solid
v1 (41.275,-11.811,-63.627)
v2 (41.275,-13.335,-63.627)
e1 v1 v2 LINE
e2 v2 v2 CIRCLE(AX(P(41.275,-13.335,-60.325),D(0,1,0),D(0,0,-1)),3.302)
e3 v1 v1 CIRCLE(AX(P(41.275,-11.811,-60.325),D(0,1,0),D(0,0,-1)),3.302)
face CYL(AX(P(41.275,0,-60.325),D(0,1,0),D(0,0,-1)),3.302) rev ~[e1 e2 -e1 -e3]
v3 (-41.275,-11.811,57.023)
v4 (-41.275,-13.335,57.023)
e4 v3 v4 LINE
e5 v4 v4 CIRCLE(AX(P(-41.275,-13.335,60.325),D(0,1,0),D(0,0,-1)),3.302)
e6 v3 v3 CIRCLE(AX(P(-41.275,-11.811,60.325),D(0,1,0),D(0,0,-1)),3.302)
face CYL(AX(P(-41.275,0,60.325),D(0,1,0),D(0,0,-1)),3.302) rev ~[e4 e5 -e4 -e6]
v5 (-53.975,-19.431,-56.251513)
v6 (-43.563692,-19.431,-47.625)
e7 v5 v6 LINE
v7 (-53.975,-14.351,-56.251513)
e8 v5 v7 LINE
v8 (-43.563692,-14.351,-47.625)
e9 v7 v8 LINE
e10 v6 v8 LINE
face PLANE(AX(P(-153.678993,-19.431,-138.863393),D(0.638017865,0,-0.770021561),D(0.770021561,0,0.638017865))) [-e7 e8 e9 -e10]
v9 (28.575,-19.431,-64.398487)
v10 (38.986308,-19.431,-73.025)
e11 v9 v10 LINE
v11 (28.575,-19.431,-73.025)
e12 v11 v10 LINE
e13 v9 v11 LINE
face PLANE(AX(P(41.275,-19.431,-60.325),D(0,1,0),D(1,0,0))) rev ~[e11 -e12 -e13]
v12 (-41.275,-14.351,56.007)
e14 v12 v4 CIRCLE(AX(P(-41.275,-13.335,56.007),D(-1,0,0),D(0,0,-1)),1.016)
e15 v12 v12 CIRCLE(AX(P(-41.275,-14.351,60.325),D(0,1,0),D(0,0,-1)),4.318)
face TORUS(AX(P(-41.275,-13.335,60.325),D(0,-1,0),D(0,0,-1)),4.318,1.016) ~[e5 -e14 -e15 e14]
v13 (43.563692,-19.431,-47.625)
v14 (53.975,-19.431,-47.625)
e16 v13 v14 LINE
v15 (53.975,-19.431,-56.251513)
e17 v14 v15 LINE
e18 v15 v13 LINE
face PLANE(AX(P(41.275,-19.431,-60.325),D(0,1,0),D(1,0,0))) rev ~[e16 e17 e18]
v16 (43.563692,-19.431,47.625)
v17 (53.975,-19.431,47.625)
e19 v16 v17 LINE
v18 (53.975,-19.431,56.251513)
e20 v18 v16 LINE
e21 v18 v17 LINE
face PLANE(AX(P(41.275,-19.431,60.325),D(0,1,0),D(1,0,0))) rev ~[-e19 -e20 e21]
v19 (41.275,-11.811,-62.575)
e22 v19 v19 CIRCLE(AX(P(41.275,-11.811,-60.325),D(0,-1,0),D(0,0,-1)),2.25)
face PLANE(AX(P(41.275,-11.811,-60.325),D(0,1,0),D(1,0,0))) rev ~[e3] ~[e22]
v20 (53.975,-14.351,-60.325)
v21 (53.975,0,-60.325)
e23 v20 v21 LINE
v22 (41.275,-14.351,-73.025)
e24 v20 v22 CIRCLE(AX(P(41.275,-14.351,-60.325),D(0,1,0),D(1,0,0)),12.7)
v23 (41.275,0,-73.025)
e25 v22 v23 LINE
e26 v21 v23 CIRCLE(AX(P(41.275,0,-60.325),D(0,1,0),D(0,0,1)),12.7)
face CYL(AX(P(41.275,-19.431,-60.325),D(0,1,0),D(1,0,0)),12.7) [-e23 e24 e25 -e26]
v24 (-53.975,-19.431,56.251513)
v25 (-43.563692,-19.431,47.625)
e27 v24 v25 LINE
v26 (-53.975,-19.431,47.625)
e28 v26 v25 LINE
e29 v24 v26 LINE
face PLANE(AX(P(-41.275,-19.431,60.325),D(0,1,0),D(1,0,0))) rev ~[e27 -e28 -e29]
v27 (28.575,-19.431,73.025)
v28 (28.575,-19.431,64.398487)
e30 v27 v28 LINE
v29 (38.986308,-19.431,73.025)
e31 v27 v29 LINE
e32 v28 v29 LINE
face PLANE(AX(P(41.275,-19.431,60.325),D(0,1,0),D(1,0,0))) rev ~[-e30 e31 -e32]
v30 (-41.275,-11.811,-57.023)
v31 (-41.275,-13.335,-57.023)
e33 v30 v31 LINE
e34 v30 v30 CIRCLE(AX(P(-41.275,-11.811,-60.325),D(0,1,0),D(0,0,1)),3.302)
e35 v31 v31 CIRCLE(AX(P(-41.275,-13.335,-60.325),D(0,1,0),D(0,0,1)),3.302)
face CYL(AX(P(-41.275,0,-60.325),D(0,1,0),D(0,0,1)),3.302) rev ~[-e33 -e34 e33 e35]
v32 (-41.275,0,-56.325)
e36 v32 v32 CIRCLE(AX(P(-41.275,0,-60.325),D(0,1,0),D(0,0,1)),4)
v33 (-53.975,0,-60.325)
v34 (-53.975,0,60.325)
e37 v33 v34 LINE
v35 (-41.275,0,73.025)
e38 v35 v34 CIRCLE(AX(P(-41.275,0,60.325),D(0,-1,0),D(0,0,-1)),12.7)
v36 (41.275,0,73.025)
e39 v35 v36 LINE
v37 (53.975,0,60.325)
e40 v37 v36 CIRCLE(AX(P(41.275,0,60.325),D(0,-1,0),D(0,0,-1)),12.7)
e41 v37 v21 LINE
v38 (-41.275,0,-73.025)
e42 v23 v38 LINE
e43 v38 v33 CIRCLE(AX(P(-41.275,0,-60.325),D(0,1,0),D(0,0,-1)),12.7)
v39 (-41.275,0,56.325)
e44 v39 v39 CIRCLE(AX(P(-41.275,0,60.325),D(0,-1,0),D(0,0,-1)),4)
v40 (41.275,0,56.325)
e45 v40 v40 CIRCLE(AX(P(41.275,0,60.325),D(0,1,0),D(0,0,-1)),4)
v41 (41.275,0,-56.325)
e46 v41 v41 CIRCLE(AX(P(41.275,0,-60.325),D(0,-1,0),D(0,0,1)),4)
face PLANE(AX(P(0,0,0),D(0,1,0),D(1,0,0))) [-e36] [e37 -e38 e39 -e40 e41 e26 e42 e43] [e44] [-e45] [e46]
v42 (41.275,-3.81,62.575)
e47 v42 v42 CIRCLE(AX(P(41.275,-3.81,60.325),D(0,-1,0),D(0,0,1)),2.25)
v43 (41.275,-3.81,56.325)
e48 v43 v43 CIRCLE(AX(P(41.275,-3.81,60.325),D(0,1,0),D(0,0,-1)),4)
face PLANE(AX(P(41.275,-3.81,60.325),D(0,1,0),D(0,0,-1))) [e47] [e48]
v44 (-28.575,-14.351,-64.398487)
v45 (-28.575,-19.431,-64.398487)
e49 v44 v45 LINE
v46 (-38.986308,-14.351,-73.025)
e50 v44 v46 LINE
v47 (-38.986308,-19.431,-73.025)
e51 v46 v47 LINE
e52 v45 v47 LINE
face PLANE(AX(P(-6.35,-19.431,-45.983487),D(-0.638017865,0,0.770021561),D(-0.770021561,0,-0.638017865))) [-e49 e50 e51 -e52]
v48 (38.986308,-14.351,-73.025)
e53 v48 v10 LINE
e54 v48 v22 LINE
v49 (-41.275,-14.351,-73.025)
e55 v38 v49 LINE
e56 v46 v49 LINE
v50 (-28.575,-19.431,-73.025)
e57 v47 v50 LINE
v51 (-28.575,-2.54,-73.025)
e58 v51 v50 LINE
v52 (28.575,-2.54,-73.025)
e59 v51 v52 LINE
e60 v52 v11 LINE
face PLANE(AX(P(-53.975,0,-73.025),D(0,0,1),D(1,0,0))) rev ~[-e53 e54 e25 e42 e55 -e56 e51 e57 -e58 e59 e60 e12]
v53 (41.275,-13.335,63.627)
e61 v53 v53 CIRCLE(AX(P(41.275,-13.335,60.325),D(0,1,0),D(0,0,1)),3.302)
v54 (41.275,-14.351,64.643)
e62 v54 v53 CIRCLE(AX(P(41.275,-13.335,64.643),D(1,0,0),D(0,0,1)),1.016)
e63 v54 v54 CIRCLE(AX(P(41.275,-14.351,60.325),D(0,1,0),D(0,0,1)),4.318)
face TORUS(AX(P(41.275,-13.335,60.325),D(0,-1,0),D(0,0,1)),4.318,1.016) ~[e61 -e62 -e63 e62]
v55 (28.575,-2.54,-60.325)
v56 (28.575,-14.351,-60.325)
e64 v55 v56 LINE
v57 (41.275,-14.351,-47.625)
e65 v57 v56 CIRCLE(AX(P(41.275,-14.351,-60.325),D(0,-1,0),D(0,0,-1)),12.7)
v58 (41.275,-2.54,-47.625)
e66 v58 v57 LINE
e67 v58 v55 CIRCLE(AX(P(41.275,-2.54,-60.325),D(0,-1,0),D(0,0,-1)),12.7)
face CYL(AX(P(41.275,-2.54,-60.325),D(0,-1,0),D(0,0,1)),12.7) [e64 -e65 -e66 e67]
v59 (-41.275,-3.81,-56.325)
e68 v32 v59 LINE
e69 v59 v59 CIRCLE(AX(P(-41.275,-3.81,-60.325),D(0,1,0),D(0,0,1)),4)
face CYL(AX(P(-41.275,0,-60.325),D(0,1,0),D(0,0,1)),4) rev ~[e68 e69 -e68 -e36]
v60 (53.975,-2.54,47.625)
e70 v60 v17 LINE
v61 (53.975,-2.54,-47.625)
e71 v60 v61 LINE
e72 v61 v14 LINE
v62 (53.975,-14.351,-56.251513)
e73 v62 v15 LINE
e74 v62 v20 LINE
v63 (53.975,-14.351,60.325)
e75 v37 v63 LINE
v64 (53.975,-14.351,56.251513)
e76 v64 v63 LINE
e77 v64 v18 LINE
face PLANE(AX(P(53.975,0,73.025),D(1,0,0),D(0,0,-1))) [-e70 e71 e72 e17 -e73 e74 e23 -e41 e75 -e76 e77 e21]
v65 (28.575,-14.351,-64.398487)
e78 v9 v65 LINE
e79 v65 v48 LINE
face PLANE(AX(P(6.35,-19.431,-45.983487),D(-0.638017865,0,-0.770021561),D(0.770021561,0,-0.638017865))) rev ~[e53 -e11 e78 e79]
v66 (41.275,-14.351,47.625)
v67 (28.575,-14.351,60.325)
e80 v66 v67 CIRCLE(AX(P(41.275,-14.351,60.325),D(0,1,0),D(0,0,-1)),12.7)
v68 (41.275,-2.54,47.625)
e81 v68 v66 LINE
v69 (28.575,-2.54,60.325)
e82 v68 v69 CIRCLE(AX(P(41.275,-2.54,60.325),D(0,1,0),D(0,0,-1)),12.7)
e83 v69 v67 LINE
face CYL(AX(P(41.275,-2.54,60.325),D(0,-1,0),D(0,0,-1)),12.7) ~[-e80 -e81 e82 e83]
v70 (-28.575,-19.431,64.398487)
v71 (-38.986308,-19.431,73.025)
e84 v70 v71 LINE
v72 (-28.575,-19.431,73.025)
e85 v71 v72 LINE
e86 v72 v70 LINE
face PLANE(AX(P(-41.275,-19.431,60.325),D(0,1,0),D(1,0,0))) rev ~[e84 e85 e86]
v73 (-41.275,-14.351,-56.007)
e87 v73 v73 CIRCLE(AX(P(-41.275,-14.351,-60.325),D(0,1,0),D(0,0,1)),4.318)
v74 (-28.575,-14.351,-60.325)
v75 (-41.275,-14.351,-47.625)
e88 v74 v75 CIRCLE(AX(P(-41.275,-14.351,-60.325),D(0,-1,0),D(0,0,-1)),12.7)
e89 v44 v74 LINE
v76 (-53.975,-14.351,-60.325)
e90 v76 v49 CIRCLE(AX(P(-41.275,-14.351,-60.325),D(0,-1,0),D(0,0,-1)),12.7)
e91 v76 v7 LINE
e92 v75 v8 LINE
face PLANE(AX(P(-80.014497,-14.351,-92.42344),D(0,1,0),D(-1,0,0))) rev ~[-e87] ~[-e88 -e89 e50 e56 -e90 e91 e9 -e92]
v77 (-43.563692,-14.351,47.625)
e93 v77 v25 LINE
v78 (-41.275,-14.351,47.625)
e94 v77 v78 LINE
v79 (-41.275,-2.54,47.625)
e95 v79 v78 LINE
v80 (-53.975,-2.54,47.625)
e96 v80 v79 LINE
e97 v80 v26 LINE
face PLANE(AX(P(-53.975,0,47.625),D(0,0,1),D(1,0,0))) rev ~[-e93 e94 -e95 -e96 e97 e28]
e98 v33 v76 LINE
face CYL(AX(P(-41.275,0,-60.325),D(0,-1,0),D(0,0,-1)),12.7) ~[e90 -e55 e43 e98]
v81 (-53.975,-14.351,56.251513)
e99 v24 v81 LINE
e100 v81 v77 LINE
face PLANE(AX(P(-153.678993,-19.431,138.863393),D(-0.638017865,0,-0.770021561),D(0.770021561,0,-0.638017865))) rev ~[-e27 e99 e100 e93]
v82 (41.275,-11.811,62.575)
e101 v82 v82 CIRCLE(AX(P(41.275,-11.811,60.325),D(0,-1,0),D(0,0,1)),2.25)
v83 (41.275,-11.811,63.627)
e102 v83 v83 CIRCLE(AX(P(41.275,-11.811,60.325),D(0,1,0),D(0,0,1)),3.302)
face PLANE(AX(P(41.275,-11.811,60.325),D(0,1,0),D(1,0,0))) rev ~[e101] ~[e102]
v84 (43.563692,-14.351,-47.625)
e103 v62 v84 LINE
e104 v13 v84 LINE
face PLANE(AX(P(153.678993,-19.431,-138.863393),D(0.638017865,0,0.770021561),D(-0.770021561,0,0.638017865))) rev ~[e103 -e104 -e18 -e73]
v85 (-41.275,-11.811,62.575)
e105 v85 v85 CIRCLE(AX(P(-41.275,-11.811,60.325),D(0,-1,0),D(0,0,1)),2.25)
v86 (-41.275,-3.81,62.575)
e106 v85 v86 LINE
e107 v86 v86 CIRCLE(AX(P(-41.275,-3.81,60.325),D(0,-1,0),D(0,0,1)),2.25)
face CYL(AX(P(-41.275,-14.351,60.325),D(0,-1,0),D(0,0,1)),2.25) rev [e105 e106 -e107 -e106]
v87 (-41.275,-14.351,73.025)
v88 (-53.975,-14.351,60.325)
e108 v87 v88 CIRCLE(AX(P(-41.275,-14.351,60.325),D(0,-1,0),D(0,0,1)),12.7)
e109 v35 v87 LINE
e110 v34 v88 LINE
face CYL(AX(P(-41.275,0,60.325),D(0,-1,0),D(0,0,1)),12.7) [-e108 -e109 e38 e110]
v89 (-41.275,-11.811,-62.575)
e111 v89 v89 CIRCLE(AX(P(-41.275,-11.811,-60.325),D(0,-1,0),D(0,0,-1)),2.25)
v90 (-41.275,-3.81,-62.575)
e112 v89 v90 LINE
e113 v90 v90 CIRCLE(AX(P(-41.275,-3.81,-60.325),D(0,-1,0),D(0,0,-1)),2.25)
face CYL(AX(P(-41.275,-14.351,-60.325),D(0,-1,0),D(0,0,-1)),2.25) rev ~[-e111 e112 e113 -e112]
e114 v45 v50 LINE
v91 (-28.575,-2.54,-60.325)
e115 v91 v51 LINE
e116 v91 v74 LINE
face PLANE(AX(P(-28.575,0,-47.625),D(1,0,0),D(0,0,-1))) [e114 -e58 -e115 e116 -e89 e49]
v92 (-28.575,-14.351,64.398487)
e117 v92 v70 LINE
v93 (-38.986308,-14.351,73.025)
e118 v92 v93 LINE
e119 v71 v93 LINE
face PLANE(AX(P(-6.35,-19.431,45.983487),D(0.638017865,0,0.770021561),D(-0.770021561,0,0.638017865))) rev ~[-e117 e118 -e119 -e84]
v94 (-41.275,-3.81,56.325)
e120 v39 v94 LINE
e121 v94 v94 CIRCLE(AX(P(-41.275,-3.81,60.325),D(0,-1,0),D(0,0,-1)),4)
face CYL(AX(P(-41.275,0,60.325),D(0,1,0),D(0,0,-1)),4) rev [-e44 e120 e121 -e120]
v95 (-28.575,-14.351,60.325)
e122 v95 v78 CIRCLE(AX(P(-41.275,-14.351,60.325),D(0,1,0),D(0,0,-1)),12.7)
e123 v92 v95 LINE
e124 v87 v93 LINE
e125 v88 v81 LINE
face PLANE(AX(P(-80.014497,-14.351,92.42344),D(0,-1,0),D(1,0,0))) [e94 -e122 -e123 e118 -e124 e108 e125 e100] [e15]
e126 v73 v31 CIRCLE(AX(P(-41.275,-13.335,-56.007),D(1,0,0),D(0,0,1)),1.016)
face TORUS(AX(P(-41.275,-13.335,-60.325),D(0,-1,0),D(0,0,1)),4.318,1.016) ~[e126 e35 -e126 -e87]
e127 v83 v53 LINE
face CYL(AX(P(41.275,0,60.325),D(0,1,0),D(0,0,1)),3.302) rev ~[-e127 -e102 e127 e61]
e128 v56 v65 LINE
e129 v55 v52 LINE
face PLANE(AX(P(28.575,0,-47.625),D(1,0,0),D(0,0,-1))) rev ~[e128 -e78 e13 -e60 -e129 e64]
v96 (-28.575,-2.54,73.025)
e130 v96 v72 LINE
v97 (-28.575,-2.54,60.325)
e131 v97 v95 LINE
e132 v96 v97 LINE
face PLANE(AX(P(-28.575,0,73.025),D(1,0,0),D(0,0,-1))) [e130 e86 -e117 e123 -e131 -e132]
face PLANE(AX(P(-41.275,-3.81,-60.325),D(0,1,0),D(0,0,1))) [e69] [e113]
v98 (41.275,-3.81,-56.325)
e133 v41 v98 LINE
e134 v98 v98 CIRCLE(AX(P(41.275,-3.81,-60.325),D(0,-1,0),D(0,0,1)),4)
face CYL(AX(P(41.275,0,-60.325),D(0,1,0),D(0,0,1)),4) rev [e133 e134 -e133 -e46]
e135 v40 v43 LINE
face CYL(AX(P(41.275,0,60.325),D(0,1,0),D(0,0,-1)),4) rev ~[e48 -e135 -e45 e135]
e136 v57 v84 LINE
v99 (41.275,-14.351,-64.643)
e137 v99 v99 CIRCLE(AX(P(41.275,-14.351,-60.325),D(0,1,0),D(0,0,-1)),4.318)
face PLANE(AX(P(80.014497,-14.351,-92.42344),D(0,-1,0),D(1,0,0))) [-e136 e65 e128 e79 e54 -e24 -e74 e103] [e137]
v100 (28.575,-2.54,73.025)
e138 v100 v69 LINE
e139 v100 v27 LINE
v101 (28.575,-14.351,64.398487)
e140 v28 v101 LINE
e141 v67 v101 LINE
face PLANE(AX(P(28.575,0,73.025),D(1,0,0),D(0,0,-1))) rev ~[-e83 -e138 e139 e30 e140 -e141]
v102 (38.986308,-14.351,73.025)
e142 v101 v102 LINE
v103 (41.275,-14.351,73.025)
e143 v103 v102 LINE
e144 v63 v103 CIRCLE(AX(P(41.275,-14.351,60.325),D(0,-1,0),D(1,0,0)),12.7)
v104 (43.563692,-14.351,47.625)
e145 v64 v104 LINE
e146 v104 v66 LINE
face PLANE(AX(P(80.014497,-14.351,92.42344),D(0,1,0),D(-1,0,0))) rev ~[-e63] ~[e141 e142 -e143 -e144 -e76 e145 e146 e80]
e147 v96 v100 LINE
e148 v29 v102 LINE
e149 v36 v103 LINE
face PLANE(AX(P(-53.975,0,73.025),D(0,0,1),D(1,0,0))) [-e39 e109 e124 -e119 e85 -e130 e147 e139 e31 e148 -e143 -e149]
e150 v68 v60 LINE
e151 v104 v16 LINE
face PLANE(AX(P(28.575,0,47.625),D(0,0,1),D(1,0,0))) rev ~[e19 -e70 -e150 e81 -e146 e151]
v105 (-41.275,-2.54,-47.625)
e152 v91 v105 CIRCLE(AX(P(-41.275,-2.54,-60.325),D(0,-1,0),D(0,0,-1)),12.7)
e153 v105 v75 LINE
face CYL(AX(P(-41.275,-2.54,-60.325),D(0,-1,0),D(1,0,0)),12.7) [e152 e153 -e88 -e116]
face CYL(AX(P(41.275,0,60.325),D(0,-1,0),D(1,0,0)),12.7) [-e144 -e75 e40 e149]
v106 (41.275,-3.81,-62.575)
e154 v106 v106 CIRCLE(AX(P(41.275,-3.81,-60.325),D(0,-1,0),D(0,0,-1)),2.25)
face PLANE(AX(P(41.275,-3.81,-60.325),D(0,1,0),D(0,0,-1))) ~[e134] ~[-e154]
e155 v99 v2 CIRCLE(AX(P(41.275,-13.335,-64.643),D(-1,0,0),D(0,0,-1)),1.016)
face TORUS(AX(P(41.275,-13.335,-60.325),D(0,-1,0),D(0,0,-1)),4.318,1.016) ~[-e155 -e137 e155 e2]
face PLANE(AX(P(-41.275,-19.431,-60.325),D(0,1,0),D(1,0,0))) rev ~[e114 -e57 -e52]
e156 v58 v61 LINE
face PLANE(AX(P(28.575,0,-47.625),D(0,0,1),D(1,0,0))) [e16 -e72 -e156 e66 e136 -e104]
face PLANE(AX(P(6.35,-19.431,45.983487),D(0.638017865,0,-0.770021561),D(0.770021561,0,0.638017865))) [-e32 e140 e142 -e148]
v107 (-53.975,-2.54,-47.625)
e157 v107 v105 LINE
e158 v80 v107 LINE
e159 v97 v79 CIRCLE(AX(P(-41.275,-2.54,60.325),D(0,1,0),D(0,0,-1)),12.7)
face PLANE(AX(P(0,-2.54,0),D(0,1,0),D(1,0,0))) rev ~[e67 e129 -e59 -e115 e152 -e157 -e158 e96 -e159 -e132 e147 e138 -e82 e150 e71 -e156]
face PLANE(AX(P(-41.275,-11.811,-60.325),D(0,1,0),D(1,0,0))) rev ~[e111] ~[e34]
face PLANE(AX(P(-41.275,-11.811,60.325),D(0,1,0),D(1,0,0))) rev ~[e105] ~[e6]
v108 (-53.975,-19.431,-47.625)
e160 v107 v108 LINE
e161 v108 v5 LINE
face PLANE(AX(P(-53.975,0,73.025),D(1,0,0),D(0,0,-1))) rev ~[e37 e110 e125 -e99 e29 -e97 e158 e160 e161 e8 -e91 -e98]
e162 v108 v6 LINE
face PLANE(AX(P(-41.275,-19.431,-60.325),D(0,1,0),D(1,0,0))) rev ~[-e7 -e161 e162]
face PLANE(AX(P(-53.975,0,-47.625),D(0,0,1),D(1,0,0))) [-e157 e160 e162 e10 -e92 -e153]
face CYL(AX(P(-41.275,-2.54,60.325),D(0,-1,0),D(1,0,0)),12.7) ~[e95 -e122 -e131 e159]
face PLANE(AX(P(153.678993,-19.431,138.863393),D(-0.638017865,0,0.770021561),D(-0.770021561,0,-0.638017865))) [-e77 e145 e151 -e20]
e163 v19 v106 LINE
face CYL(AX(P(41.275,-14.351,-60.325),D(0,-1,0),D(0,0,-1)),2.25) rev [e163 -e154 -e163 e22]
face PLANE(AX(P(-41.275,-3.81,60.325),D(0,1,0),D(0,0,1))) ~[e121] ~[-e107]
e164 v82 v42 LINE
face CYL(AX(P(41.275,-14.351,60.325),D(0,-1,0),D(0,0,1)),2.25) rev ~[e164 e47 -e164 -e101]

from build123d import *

# Parameters (mm, degrees)
SKETCH1_W               = 107.95
SKETCH1_H               = 146.05
BOSS_EXTRUDE1_DEPTH     = 2.54
SKETCH13_W              = 25.4
SKETCH13_H              = 25.4
BOSS_EXTRUDE4_DEPTH     = 19.431
SKETCH2_R               = 3.302
CUT_EXTRUDE1_DEPTH      = 93.862882849
FILLET1_R               = 12.7
CUT_EXTRUDE13_DEPTH     = 5.08
SKETCH15_R              = 6.35
BOSS_EXTRUDE5_DEPTH     = 11.811
SKETCH23_R              = 2.25
CUT_EXTRUDE14_DEPTH     = 92.934228941
SKETCH24_R              = 4
CUT_EXTRUDE15_DEPTH     = 3.81
MIRROR2_COPY_1_SKETCH_R = 2.25
MIRROR2_COPY_1_DEPTH    = 92.934228941
MIRROR2_COPY_2_SKETCH_R = 4
MIRROR2_COPY_2_DEPTH    = 3.81
FILLET3_R               = 12.7
FILLET4_R               = 1.016


with BuildPart() as part:
    # Sketch1 → Boss-Extrude1 (new body)
    with BuildSketch(Plane(origin=(0, 0, 0), x_dir=(1, 0, 0), z_dir=(0, 1, 0))):
        Rectangle(SKETCH1_W, SKETCH1_H)
    extrude(amount=-BOSS_EXTRUDE1_DEPTH)

    # Sketch13 → Boss-Extrude4 (add)
    with BuildSketch(Plane(origin=(0, 0, 0), x_dir=(1, 0, 0), z_dir=(0, 1, 0))):
        with Locations((41.275, -60.325)):
            Rectangle(SKETCH13_W, SKETCH13_H)
        with Locations((-41.275, -60.325)):
            Rectangle(SKETCH13_W, SKETCH13_H)
        with Locations((-41.275, 60.325)):
            Rectangle(SKETCH13_W, SKETCH13_H)
        with Locations((41.275, 60.325)):
            Rectangle(SKETCH13_W, SKETCH13_H)
    extrude(amount=-BOSS_EXTRUDE4_DEPTH)

    # Sketch2 → Cut-Extrude1 (cut, through all)
    with BuildSketch(Plane(origin=(0, 0, 0), x_dir=(1, 0, 0), z_dir=(0, 1, 0))):
        with Locations(Location((-41.275, 60.325, 0), (0, 0, 270))):
            Circle(SKETCH2_R)
        with Locations(Location((41.275, 60.325, 0), (0, 0, 90))):
            Circle(SKETCH2_R)
        with Locations(Location((41.275, -60.325, 0), (0, 0, 270))):
            Circle(SKETCH2_R)
        with Locations(Location((-41.275, -60.325, 0), (0, 0, 90))):
            Circle(SKETCH2_R)
    extrude(amount=-CUT_EXTRUDE1_DEPTH, mode=Mode.SUBTRACT)

    # Fillet1
    fillet1_edges = [part.edges().sort_by_distance(p)[0] for p in [
        (53.975, -9.7155, 73.025),
        (-53.975, -9.7155, 73.025),
        (-53.975, -9.7155, -73.025),
        (53.975, -9.7155, -73.025),
    ]]
    fillet(fillet1_edges, radius=FILLET1_R)

    # Sketch14 → Cut-Extrude13 (cut)
    with BuildSketch(Plane.XZ.offset(19.431)):
        Polygon((20.692003582, -28.674172721), (6.35, -45.983487389), (139.336989519, -156.172707277), (153.678993101, -138.863392609), align=None)
        Polygon((-20.692003582, -28.674172721), (-6.35, -45.983487389), (-139.336989519, -156.172707277), (-153.678993101, -138.863392609), align=None)
        Polygon((-153.678993101, 138.863392609), (-20.692003582, 28.674172721), (-6.35, 45.983487389), (-139.336989519, 156.172707277), align=None)
        Polygon((20.692003582, 28.674172721), (6.35, 45.983487389), (139.336989519, 156.172707277), (153.678993101, 138.863392609), align=None)
    extrude(amount=-CUT_EXTRUDE13_DEPTH, mode=Mode.SUBTRACT)

    # Sketch15 → Boss-Extrude5 (add)
    with BuildSketch(Plane(origin=(0, 0, 0), x_dir=(1, 0, 0), z_dir=(0, 1, 0))):
        with Locations((-41.275, 60.325)):
            Circle(SKETCH15_R)
        with Locations((41.275, 60.325)):
            Circle(SKETCH15_R)
        with Locations((-41.275, -60.325)):
            Circle(SKETCH15_R)
        with Locations((41.275, -60.325)):
            Circle(SKETCH15_R)
    extrude(amount=-BOSS_EXTRUDE5_DEPTH)

    # Sketch23 → Cut-Extrude14 (cut, through all)
    with BuildSketch(Plane.XZ.offset(14.351)):
        with Locations(Location((-41.275, -60.325, 0), (0, 0, 270))):
            Circle(SKETCH23_R)
    cut_extrude14 = extrude(amount=-CUT_EXTRUDE14_DEPTH, mode=Mode.SUBTRACT)

    # Sketch24 → Cut-Extrude15 (cut)
    with BuildSketch(Plane(origin=(0, 0, 0), x_dir=(1, 0, 0), z_dir=(0, 1, 0))):
        with Locations(Location((-41.275, 60.325, 0), (0, 0, 270))):
            Circle(SKETCH24_R)
    cut_extrude15 = extrude(amount=-CUT_EXTRUDE15_DEPTH, mode=Mode.SUBTRACT)

    # Mirror1: Cut-Extrude14, Cut-Extrude15 across plane
    add(cut_extrude14.mirror(Plane.XY), mode=Mode.SUBTRACT)
    add(cut_extrude15.mirror(Plane.XY), mode=Mode.SUBTRACT)

    # Mirror2: Cut-Extrude14, Cut-Extrude15 across plane
    add(cut_extrude14.mirror(Plane(origin=(0, 0, 0), x_dir=(0, 0, 1), z_dir=(1, 0, 0))), mode=Mode.SUBTRACT)
    add(cut_extrude15.mirror(Plane(origin=(0, 0, 0), x_dir=(0, 0, 1), z_dir=(1, 0, 0))), mode=Mode.SUBTRACT)

    # Mirror2 copy 1 sketch → Mirror2 copy 1 (cut, through all)
    with BuildSketch(Plane(origin=(0, -14.351, 0), x_dir=(-1, 0, 0), z_dir=(0, -1, 0))):
        with Locations(Location((-41.275, -60.325, 0), (0, 0, 270))):
            Circle(MIRROR2_COPY_1_SKETCH_R)
    extrude(amount=-MIRROR2_COPY_1_DEPTH, mode=Mode.SUBTRACT)

    # Mirror2 copy 2 sketch → Mirror2 copy 2 (cut)
    with BuildSketch(Plane(origin=(0, 0, 0), x_dir=(-1, 0, 0), z_dir=(0, 1, 0))):
        with Locations(Location((-41.275, 60.325, 0), (0, 0, 270))):
            Circle(MIRROR2_COPY_2_SKETCH_R)
    extrude(amount=-MIRROR2_COPY_2_DEPTH, mode=Mode.SUBTRACT)

    # Fillet3
    fillet3_edges = [part.edges().sort_by_distance(p)[0] for p in [
        (28.575, -8.4455, -47.625),
        (-28.575, -8.4455, -47.625),
        (-28.575, -8.4455, 47.625),
        (28.575, -8.4455, 47.625),
    ]]
    fillet(fillet3_edges, radius=FILLET3_R)

    # Fillet4
    fillet4_edges = [part.edges().sort_by_distance(p)[0] for p in [
        (41.275, -14.351, -57.023),
        (-41.275, -14.351, -63.627),
        (-41.275, -14.351, 63.627),
        (41.275, -14.351, 57.023),
    ]]
    fillet(fillet4_edges, radius=FILLET4_R)


solid = part.part
